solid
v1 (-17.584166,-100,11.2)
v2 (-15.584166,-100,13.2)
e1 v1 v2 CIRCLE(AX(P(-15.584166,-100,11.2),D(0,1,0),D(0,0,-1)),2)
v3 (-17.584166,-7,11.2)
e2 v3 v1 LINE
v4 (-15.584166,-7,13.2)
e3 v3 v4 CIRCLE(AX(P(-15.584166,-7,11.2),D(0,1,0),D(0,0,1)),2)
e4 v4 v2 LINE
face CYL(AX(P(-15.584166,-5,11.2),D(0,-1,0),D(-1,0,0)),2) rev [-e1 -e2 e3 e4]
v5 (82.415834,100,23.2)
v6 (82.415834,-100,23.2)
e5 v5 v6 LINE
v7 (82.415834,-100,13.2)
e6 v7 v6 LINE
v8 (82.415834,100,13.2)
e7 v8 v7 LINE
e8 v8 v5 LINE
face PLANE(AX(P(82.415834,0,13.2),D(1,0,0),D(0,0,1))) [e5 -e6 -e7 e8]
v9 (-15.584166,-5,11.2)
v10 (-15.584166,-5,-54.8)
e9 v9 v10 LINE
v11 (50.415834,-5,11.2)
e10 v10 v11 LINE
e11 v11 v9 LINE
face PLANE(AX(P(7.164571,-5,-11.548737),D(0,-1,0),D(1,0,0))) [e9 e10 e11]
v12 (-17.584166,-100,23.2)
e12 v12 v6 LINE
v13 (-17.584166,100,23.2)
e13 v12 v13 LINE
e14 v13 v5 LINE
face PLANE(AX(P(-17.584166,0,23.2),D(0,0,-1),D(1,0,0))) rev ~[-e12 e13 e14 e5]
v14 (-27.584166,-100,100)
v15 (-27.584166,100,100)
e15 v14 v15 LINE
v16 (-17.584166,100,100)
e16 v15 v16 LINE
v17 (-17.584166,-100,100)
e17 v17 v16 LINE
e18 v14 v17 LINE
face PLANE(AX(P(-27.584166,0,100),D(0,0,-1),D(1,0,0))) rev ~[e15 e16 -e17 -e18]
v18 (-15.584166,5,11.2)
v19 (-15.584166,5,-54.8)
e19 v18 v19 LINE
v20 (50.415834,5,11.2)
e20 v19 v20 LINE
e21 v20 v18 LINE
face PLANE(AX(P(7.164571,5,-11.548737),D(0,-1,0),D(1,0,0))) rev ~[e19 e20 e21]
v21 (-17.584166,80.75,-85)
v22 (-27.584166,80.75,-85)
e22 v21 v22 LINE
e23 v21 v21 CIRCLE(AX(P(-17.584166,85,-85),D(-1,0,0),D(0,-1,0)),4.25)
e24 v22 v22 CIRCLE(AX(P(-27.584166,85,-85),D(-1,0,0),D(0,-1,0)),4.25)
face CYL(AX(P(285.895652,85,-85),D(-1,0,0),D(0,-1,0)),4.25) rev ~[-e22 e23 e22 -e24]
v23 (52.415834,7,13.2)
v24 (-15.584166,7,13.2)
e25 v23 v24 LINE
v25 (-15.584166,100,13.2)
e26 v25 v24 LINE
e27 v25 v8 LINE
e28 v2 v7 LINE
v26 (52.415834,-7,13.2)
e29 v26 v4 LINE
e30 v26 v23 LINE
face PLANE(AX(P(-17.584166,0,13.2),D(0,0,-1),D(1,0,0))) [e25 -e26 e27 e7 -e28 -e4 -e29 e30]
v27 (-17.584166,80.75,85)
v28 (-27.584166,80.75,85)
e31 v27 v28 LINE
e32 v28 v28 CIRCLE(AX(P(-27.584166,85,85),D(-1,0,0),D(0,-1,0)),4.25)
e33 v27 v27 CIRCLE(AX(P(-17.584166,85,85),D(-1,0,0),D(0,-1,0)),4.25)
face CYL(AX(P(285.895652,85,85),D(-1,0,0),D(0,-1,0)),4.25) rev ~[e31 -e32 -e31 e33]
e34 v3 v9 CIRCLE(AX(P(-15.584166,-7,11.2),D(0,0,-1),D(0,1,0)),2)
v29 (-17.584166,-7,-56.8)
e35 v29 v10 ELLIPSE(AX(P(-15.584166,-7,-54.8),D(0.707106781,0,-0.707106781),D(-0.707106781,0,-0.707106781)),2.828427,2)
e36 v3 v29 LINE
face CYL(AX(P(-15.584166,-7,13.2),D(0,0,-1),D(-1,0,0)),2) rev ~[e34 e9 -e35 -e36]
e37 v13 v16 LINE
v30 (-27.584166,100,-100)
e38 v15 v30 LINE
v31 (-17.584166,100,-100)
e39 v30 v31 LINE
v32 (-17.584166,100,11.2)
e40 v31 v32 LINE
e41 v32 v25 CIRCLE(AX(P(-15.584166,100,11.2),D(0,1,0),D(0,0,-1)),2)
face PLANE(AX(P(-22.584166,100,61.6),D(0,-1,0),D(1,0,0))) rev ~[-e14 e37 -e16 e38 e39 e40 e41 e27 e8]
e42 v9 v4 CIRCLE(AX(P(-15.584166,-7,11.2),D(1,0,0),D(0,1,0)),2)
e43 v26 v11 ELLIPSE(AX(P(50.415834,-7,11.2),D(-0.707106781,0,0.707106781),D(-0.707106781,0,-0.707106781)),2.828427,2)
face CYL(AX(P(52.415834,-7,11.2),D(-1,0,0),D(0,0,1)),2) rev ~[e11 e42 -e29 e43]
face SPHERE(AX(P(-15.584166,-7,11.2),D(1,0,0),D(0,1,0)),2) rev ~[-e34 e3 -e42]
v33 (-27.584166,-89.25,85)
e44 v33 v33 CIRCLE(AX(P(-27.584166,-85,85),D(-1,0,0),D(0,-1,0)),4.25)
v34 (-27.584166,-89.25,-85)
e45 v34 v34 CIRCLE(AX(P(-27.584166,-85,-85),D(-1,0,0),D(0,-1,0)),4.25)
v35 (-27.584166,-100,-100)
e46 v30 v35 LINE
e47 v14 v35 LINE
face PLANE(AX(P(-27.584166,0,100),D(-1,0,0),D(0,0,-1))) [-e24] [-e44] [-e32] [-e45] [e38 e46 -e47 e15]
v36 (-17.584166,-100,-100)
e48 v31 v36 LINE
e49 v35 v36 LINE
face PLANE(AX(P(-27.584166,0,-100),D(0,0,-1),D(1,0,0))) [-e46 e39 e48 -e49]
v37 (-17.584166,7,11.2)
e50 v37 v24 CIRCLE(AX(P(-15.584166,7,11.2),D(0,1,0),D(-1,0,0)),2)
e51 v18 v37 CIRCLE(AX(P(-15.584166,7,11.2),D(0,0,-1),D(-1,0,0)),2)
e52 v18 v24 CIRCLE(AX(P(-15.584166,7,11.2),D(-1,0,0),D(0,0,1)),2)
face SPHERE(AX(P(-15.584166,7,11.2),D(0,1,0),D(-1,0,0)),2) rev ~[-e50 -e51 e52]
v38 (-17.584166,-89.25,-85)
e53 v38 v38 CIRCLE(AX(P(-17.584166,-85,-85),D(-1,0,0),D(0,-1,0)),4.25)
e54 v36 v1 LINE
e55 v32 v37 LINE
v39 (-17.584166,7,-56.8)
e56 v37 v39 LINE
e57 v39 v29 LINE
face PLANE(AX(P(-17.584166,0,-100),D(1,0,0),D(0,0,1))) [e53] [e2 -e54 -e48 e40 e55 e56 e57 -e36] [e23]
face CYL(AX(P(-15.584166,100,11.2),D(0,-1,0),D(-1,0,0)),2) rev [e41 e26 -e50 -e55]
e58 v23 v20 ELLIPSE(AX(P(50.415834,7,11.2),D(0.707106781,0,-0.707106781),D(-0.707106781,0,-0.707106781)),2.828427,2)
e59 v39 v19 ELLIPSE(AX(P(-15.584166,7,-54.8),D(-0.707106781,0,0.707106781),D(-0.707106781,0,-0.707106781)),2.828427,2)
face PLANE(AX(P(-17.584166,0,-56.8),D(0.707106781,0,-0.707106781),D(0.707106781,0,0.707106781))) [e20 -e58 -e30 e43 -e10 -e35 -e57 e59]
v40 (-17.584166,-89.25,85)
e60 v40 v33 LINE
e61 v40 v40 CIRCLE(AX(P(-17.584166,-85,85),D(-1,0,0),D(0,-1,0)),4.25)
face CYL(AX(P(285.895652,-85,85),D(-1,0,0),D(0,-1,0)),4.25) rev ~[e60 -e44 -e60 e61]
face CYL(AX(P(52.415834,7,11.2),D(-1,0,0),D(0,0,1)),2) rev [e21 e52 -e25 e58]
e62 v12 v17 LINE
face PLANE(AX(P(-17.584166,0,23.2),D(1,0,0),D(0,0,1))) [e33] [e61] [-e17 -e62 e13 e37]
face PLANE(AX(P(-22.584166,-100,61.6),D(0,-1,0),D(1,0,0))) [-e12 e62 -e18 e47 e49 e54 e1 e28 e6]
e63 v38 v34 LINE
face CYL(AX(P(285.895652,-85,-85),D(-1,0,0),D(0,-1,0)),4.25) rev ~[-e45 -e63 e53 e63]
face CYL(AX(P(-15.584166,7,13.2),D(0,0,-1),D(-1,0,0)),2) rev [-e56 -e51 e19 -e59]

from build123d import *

# Parameters (mm, degrees)
F0_W     = 10
F0_H     = 76.8
F0_H_2   = 10
F0_W_2   = 100
F0_H_3   = 113.2
F1_DEPTH = 100
F3_DEPTH = 5
F4_R     = 2
F6_D     = 8.5


with BuildPart() as f1:
    # F0 (on Front) → F1 (new body, symmetric)
    with BuildSketch(Plane.XZ):
        with Locations((-22.584166, 61.6)):
            Rectangle(F0_W, F0_H)
        with Locations((-22.584166, 18.2)):
            Rectangle(F0_W, F0_H_2)
        with Locations((32.415834, 18.2)):
            Rectangle(F0_W_2, F0_H_2)
        with Locations((-22.584166, -43.4)):
            Rectangle(F0_W, F0_H_3)
    extrude(amount=F1_DEPTH, both=True)

    # F2 (on Front) → F3 (join, symmetric)
    with BuildSketch(Plane.XZ):
        Polygon((-17.584166, 13.2), (-17.584166, -56.8), (52.415834, 13.2), align=None)
    extrude(amount=F3_DEPTH, both=True)

    # F4
    f4_edges = [f1.edges().sort_by_distance(p)[0] for p in [
        (17.415834, -5, 13.2),
        (-17.584166, -5, -21.8),
        (-17.584166, -52.5, 13.2),
        (-17.584166, 52.5, 13.2),
        (-17.584166, 5, -21.8),
        (17.415834, 5, 13.2),
    ]]
    fillet(f4_edges, radius=F4_R)

    # F6 (through all)
    with Locations(Plane.YZ.offset(-17.584166)):
        with Locations((-85, 85), (85, 85), (85, -85), (-85, -85)):
            Hole(F6_D / 2)


solid = f1.part
